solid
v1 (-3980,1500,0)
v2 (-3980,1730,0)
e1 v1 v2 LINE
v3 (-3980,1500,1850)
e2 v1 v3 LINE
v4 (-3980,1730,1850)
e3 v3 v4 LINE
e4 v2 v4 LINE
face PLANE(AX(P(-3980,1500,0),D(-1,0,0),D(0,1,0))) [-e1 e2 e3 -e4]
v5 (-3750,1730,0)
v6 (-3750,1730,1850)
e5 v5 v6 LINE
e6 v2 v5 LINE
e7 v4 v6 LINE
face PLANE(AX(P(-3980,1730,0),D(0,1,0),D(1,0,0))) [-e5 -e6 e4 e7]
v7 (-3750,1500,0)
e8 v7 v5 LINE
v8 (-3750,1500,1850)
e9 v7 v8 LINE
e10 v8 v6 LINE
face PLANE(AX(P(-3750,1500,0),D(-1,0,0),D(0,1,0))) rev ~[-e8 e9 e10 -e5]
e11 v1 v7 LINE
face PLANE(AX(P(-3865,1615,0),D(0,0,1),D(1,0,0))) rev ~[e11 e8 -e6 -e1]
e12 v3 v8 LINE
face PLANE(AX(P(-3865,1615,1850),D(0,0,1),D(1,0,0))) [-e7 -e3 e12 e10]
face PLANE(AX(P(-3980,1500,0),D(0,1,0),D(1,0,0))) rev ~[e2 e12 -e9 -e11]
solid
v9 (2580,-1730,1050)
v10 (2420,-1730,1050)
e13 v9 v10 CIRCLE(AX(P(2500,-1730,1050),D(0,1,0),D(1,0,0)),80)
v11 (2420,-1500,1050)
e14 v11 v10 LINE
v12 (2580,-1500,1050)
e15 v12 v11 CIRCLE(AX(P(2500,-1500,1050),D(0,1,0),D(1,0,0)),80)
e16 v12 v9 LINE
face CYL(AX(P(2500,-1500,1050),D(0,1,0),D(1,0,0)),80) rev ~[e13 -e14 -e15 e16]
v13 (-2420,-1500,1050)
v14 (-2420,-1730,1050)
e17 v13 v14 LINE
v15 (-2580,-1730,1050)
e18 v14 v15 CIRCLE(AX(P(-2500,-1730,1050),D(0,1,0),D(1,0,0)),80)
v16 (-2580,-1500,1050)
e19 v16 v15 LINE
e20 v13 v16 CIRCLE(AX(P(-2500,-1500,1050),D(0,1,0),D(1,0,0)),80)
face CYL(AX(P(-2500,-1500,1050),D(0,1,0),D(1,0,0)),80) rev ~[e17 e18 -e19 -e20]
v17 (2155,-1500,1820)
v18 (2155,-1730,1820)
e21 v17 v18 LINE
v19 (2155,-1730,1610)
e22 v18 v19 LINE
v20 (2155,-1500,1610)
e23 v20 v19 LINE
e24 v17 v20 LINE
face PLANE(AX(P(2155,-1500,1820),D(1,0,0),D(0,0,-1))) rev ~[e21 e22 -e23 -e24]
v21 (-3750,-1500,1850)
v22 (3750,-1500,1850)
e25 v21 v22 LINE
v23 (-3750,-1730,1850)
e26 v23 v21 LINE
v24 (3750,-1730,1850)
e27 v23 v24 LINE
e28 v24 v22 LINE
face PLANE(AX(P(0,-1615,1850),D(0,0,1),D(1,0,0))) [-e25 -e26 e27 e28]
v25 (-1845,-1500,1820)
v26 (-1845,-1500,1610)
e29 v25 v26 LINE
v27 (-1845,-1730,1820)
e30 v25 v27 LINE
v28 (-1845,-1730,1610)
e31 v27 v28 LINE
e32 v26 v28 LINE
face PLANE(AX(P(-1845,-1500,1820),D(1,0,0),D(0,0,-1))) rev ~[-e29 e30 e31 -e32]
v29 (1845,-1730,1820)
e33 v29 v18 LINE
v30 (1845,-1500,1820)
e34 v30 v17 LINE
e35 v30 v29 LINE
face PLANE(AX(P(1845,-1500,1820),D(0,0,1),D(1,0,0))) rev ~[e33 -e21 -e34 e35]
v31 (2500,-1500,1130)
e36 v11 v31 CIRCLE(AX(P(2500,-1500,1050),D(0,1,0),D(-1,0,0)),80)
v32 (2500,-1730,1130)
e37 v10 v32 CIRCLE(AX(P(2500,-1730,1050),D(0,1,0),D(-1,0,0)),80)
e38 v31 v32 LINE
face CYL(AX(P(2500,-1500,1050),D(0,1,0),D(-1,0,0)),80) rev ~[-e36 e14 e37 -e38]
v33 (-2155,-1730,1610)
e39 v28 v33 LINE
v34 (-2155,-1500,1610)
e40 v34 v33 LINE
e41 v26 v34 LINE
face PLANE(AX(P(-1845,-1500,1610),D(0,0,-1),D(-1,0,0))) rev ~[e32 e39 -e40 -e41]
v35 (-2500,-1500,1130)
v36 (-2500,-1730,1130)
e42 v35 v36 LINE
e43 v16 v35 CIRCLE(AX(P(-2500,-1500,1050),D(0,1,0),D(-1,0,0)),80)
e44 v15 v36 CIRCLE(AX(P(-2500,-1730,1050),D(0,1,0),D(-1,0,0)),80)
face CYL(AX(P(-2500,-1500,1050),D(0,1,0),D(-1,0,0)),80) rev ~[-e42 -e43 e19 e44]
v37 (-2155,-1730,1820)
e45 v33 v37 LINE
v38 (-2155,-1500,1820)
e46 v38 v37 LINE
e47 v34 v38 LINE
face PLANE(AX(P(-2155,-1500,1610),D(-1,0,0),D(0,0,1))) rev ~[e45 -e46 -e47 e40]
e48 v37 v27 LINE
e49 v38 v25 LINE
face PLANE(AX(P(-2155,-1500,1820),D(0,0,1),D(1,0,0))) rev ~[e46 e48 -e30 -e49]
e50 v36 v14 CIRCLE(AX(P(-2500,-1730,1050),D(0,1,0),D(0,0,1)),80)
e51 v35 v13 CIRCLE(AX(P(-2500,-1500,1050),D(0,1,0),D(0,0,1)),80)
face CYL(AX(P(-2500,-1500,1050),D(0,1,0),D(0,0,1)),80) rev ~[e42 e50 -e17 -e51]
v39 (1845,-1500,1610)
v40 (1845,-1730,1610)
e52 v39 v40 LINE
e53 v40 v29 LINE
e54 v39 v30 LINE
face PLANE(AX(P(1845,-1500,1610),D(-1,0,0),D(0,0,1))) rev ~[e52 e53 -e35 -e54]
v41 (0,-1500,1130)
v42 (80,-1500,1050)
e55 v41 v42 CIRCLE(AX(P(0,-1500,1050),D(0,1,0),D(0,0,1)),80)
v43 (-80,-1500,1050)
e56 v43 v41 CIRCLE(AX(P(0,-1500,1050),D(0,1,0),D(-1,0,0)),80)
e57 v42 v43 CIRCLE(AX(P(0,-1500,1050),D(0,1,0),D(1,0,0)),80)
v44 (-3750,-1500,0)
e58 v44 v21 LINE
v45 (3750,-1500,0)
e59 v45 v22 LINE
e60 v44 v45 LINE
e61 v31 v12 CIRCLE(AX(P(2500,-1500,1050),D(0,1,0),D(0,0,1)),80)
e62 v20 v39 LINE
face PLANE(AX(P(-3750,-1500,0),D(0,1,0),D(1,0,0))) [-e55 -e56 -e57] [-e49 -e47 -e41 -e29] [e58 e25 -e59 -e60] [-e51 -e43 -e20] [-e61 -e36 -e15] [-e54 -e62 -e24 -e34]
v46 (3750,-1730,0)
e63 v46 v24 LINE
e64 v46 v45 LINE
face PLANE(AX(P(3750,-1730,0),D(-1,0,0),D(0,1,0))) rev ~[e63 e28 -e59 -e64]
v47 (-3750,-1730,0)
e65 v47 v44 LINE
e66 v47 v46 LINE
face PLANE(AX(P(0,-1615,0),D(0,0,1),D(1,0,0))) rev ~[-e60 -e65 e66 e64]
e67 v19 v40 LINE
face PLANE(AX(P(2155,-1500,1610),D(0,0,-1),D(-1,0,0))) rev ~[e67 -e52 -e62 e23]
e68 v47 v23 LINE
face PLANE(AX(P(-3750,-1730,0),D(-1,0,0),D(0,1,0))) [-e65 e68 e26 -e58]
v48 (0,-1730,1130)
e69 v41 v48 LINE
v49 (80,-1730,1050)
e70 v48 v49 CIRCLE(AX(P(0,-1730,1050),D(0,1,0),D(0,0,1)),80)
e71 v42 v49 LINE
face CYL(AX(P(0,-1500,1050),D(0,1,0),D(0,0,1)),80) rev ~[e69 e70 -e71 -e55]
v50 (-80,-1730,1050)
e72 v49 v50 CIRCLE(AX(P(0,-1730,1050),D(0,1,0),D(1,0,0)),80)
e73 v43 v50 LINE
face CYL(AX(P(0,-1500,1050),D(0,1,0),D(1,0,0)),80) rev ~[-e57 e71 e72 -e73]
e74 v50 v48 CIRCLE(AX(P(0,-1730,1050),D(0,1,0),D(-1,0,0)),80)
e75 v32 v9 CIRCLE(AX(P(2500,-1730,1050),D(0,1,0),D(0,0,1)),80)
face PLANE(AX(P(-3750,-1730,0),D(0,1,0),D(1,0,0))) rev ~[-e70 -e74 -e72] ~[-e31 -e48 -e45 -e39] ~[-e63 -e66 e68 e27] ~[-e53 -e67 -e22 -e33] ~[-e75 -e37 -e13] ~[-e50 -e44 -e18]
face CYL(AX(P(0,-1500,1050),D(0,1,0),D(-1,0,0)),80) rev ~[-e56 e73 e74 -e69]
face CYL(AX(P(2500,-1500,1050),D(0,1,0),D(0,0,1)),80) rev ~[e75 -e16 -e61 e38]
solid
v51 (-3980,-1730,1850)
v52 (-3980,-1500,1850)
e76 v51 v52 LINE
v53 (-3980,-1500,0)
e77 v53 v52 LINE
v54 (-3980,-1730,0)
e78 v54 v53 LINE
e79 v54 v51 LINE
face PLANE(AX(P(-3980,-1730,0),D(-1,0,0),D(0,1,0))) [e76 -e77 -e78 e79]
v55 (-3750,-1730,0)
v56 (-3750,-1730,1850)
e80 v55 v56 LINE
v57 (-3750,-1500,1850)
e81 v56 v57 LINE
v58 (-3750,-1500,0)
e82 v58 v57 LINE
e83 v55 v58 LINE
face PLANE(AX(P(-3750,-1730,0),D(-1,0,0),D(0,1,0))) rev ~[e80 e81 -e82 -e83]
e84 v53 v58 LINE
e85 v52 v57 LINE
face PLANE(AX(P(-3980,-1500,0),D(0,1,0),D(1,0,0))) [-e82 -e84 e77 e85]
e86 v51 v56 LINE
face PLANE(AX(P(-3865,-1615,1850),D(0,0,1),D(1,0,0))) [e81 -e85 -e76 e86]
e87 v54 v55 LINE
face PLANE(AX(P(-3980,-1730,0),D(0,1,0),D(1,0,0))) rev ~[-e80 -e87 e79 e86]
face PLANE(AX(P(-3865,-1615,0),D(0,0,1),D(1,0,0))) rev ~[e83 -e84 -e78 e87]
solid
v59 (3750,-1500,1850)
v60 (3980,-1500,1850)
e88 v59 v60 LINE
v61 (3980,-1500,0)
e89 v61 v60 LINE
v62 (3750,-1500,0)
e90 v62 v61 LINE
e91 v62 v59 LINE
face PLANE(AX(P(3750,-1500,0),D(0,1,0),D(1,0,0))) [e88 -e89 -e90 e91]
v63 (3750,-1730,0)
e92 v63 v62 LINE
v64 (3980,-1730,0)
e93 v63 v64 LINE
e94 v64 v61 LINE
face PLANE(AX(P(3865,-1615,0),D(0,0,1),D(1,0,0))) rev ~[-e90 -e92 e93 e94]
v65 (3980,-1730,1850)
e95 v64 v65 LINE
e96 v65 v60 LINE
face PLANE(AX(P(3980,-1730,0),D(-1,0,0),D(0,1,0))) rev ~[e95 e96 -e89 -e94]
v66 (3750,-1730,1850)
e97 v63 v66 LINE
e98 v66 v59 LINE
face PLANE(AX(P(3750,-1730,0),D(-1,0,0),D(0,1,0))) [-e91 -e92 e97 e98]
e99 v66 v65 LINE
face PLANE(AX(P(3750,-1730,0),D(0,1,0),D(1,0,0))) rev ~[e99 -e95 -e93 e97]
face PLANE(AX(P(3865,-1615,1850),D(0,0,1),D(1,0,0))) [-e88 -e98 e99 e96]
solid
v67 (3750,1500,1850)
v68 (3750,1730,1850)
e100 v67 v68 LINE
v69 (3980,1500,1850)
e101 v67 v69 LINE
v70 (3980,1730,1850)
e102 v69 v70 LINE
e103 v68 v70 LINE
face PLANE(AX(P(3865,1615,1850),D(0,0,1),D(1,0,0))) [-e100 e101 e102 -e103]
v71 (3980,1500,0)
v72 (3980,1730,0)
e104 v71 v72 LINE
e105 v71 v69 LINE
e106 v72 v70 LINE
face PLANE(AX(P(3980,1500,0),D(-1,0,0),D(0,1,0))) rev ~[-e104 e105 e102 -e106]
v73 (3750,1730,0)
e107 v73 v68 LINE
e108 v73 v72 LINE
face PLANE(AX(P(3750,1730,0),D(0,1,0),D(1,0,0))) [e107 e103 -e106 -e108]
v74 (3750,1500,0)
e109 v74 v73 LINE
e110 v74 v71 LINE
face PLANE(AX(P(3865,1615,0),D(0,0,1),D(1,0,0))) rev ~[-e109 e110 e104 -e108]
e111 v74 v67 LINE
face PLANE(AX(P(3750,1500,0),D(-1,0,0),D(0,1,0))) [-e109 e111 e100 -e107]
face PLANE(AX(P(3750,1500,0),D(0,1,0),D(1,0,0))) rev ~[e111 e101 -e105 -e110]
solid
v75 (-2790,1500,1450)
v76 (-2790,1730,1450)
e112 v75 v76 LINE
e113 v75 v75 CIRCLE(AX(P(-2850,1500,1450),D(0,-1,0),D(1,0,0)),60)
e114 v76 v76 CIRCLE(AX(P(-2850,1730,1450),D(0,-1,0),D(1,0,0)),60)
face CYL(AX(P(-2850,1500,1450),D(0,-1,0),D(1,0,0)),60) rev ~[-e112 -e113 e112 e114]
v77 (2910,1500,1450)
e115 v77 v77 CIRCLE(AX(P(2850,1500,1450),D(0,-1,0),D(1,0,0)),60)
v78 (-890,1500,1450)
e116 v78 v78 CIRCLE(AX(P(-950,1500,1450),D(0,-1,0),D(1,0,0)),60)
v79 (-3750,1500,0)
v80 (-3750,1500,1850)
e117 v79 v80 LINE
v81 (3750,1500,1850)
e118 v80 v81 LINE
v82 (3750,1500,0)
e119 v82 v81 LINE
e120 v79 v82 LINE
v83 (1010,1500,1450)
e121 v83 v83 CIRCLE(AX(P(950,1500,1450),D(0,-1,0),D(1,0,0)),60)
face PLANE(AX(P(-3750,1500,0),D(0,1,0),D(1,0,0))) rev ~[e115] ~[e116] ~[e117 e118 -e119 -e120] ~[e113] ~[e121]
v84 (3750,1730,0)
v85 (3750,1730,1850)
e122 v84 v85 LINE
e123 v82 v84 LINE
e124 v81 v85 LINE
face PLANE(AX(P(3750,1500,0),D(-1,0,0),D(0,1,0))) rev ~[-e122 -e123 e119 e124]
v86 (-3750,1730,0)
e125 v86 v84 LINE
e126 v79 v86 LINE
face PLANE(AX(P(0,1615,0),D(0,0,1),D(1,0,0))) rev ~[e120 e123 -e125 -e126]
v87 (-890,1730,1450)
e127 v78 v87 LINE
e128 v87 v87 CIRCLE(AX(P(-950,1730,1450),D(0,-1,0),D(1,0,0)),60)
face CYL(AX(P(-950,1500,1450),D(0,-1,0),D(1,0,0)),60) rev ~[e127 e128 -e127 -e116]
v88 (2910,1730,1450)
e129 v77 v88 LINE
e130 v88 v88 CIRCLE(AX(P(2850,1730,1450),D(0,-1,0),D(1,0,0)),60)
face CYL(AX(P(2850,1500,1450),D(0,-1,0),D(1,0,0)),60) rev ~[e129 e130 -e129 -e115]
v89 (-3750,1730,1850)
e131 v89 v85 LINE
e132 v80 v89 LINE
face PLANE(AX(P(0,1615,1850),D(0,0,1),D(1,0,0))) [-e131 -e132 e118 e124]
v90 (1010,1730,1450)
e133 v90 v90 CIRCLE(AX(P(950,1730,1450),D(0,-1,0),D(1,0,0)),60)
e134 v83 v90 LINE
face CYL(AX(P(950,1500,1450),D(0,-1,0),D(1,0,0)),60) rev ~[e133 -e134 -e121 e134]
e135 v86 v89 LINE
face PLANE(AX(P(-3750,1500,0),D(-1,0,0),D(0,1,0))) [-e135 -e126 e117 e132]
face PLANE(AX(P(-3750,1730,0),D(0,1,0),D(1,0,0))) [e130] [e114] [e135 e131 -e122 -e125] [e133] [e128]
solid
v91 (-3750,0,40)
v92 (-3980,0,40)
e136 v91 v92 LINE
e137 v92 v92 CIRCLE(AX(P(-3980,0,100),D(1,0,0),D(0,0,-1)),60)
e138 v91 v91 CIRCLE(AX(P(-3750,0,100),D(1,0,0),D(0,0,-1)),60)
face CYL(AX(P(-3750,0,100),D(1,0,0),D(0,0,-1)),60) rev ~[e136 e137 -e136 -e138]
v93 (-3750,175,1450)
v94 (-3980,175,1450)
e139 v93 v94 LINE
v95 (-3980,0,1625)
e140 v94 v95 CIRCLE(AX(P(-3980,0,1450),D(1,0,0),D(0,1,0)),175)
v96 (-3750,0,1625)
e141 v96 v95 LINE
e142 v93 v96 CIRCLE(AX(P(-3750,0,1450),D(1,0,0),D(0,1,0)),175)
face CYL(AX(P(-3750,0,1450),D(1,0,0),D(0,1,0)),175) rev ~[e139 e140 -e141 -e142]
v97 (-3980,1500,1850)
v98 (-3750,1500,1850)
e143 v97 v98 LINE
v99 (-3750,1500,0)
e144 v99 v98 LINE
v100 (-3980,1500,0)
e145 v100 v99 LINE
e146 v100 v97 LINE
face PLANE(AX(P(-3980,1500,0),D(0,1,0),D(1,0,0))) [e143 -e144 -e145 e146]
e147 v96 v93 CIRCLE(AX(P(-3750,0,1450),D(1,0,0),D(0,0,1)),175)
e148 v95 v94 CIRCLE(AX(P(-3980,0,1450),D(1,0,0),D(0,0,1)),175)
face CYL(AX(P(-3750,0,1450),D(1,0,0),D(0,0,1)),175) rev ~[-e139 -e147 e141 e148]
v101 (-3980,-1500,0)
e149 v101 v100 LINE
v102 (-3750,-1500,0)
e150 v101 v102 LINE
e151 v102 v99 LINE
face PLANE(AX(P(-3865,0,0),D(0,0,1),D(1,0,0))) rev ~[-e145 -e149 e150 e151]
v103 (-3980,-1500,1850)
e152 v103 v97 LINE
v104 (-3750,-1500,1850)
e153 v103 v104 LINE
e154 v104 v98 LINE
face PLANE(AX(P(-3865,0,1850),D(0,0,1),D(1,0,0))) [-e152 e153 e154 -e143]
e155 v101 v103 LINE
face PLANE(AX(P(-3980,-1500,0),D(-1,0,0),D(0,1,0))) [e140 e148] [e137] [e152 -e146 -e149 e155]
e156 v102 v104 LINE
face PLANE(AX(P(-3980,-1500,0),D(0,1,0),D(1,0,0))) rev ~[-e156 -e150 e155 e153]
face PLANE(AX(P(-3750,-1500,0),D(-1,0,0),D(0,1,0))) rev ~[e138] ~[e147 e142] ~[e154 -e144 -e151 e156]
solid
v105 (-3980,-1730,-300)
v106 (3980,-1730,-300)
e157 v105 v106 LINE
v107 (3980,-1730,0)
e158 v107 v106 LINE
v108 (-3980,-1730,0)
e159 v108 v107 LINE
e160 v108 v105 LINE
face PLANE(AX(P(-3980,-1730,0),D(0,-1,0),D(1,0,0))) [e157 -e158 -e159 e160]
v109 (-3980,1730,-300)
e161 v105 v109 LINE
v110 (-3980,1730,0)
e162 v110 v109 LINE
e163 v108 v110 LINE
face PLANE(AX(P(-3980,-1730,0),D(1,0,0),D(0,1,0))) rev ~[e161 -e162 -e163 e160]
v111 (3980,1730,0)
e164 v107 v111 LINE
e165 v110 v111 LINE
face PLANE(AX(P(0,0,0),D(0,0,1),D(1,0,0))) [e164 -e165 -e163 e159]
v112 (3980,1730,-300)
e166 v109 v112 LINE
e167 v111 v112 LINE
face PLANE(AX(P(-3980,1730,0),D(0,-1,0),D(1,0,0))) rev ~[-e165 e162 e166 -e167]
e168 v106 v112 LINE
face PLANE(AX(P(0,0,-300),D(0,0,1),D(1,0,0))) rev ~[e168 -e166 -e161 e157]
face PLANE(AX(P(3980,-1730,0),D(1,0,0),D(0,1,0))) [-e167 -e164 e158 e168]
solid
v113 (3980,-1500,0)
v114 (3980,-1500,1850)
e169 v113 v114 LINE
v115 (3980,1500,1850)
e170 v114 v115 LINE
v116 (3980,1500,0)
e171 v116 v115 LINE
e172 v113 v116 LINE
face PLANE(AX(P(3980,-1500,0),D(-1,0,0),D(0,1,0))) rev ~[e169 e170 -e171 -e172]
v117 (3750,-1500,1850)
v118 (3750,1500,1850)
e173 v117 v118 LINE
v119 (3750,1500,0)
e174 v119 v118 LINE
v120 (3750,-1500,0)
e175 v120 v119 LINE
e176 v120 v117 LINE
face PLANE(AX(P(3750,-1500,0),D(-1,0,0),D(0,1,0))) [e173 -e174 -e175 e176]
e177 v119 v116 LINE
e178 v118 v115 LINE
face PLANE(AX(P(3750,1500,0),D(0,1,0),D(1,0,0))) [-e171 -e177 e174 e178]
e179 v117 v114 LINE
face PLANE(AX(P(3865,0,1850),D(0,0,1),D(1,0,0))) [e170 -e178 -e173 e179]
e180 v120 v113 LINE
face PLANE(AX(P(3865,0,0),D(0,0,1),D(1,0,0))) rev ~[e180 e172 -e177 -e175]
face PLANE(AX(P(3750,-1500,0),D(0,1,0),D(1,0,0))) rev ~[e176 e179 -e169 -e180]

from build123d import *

# Parameters (mm, degrees)
F0_W      = 7960
F0_H      = 3460
F1_DEPTH  = 300
F2_W      = 230
F2_H      = 3000
F3_DEPTH  = 1850
F2_W_2    = 7500
F2_H_2    = 230
F4_DEPTH  = 1850
F6_DEPTH  = 230
F8_DEPTH  = 230
F7_W      = 155
F7_H      = 105
F9_DEPTH  = 230
F11_DEPTH = 230


with BuildPart() as f1:
    # F0 (on Top) → F1 (new body)
    with BuildSketch(Plane.XY):
        Rectangle(F0_W, F0_H)
    extrude(amount=-F1_DEPTH)


with BuildPart() as f3:
    # F2 (on face) → F3 (new body)
    with BuildSketch(Plane.XY):
        with Locations((-3865, 0)):
            Rectangle(F2_W, F2_H)
    extrude(amount=F3_DEPTH)

    # F10 (on face) → F11 (cut)
    with BuildSketch(Plane.YZ.offset(-3750)):
        with BuildLine():
            Line((0, 100), (60, 100))
            ThreePointArc((60, 100), (-42.4264068712, 142.4264068712), (0, 40))
            Line((0, 40), (0, 100))
        make_face()
        with BuildLine():
            ThreePointArc((0, 40), (42.4264068712, 57.5735931288), (60, 100))
            Line((60, 100), (0, 100))
            Line((0, 100), (0, 40))
        make_face()
        with BuildLine():
            Line((0, 1450), (0, 1625))
            ThreePointArc((0, 1625), (-123.7436867076, 1326.2563132924), (175, 1450))
            Line((175, 1450), (0, 1450))
        make_face()
        with BuildLine():
            ThreePointArc((175, 1450), (123.7436867076, 1573.7436867076), (0, 1625))
            Line((0, 1625), (0, 1450))
            Line((0, 1450), (175, 1450))
        make_face()
    extrude(amount=-F11_DEPTH, mode=Mode.SUBTRACT)


with BuildPart() as f3b:
    # F2 (on face) → F3, piece 2 (new body)
    with BuildSketch(Plane.XY):
        with Locations((3865, 0)):
            Rectangle(F2_W, F2_H)
    extrude(amount=F3_DEPTH)


with BuildPart() as f3c:
    # F2 (on face) → F3, piece 3 (new body)
    with BuildSketch(Plane.XY):
        with Locations((0, 1615)):
            Rectangle(F2_W_2, F2_H_2)
    extrude(amount=F3_DEPTH)

    # F5 (on face) → F6 (cut)
    with BuildSketch(Plane.XZ.offset(-1500)):
        with BuildLine():
            Line((-2850, 1450), (-2910, 1450))
            ThreePointArc((-2910, 1450), (-2850, 1390), (-2790, 1450))
            Line((-2790, 1450), (-2850, 1450))
        make_face()
        with BuildLine():
            Line((-2850, 1450), (-2850, 1510))
            ThreePointArc((-2850, 1510), (-2892.4264068712, 1492.4264068712), (-2910, 1450))
            Line((-2910, 1450), (-2850, 1450))
        make_face()
        with BuildLine():
            ThreePointArc((-2790, 1450), (-2807.5735931288, 1492.4264068712), (-2850, 1510))
            Line((-2850, 1510), (-2850, 1450))
            Line((-2850, 1450), (-2790, 1450))
        make_face()
        with BuildLine():
            Line((-950, 1450), (-1010, 1450))
            ThreePointArc((-1010, 1450), (-950, 1390), (-890, 1450))
            Line((-890, 1450), (-950, 1450))
        make_face()
        with BuildLine():
            Line((-950, 1450), (-950, 1510))
            ThreePointArc((-950, 1510), (-992.4264068712, 1492.4264068712), (-1010, 1450))
            Line((-1010, 1450), (-950, 1450))
        make_face()
        with BuildLine():
            ThreePointArc((-890, 1450), (-907.5735931288, 1492.4264068712), (-950, 1510))
            Line((-950, 1510), (-950, 1450))
            Line((-950, 1450), (-890, 1450))
        make_face()
        with BuildLine():
            Line((950, 1450), (890, 1450))
            ThreePointArc((890, 1450), (950, 1390), (1010, 1450))
            Line((1010, 1450), (950, 1450))
        make_face()
        with BuildLine():
            Line((950, 1450), (950, 1510))
            ThreePointArc((950, 1510), (907.5735931288, 1492.4264068712), (890, 1450))
            Line((890, 1450), (950, 1450))
        make_face()
        with BuildLine():
            ThreePointArc((1010, 1450), (992.4264068712, 1492.4264068712), (950, 1510))
            Line((950, 1510), (950, 1450))
            Line((950, 1450), (1010, 1450))
        make_face()
        with BuildLine():
            ThreePointArc((2790, 1450), (2850, 1390), (2910, 1450))
            Line((2910, 1450), (2850, 1450))
            Line((2850, 1450), (2790, 1450))
        make_face()
        with BuildLine():
            Line((2850, 1450), (2850, 1510))
            ThreePointArc((2850, 1510), (2807.5735931288, 1492.4264068712), (2790, 1450))
            Line((2790, 1450), (2850, 1450))
        make_face()
        with BuildLine():
            ThreePointArc((2910, 1450), (2892.4264068712, 1492.4264068712), (2850, 1510))
            Line((2850, 1510), (2850, 1450))
            Line((2850, 1450), (2910, 1450))
        make_face()
    extrude(amount=-F6_DEPTH, mode=Mode.SUBTRACT)


with BuildPart() as f3d:
    # F2 (on face) → F3, piece 4 (new body)
    with BuildSketch(Plane.XY):
        with Locations((0, -1615)):
            Rectangle(F2_W_2, F2_H_2)
    extrude(amount=F3_DEPTH)

    # F7 (on face) → F8 (cut)
    with BuildSketch(Plane(origin=(0, -1500, 0), x_dir=(-1, 0, 0), z_dir=(0, 1, 0))):
        with BuildLine():
            Line((-2500, 1050), (-2500, 1130))
            ThreePointArc((-2500, 1130), (-2556.5685424949, 1106.5685424949), (-2580, 1050))
            Line((-2580, 1050), (-2500, 1050))
        make_face()
        with BuildLine():
            ThreePointArc((-2420, 1050), (-2443.4314575051, 1106.5685424949), (-2500, 1130))
            Line((-2500, 1130), (-2500, 1050))
            Line((-2500, 1050), (-2420, 1050))
        make_face()
        with BuildLine():
            Line((-2500, 1050), (-2580, 1050))
            ThreePointArc((-2580, 1050), (-2500, 970), (-2420, 1050))
            Line((-2420, 1050), (-2500, 1050))
        make_face()
        with BuildLine():
            Line((0, 1050), (0, 1130))
            ThreePointArc((0, 1130), (-56.5685424949, 1106.5685424949), (-80, 1050))
            Line((-80, 1050), (0, 1050))
        make_face()
        with BuildLine():
            Line((0, 1050), (-80, 1050))
            ThreePointArc((-80, 1050), (0, 970), (80, 1050))
            Line((80, 1050), (0, 1050))
        make_face()
        with BuildLine():
            ThreePointArc((80, 1050), (56.5685424949, 1106.5685424949), (0, 1130))
            Line((0, 1130), (0, 1050))
            Line((0, 1050), (80, 1050))
        make_face()
        with BuildLine():
            Line((2500, 1050), (2420, 1050))
            ThreePointArc((2420, 1050), (2500, 970), (2580, 1050))
            Line((2580, 1050), (2500, 1050))
        make_face()
        with BuildLine():
            ThreePointArc((2500, 1130), (2443.4314575051, 1106.5685424949), (2420, 1050))
            Line((2420, 1050), (2500, 1050))
            Line((2500, 1050), (2500, 1130))
        make_face()
        with BuildLine():
            Line((2500, 1050), (2580, 1050))
            ThreePointArc((2580, 1050), (2556.5685424949, 1106.5685424949), (2500, 1130))
            Line((2500, 1130), (2500, 1050))
        make_face()
    extrude(amount=-F8_DEPTH, mode=Mode.SUBTRACT)

    # F7 (on face) → F9 (cut)
    with BuildSketch(Plane(origin=(0, -1500, 0), x_dir=(-1, 0, 0), z_dir=(0, 1, 0))):
        Polygon((2000, 1715), (2000, 1820), (1845, 1820), (1845, 1610), (2155, 1610), (2155, 1715), align=None)
        with Locations((2077.5, 1767.5)):
            Rectangle(F7_W, F7_H)
        Polygon((-2000, 1715), (-2155, 1715), (-2155, 1610), (-1845, 1610), (-1845, 1820), (-2000, 1820), align=None)
        with Locations((-2077.5, 1767.5)):
            Rectangle(F7_W, F7_H)
    extrude(amount=-F9_DEPTH, mode=Mode.SUBTRACT)


with BuildPart() as f4:
    # F2 (on face) → F4 (new body)
    with BuildSketch(Plane.XY):
        with Locations((-3865, -1615)):
            Rectangle(F2_W, F2_H_2)
    extrude(amount=F4_DEPTH)


with BuildPart() as f4b:
    # F2 (on face) → F4, piece 2 (new body)
    with BuildSketch(Plane.XY):
        with Locations((-3865, 1615)):
            Rectangle(F2_W, F2_H_2)
    extrude(amount=F4_DEPTH)


with BuildPart() as f4c:
    # F2 (on face) → F4, piece 3 (new body)
    with BuildSketch(Plane.XY):
        with Locations((3865, 1615)):
            Rectangle(F2_W, F2_H_2)
    extrude(amount=F4_DEPTH)


with BuildPart() as f4d:
    # F2 (on face) → F4, piece 4 (new body)
    with BuildSketch(Plane.XY):
        with Locations((3865, -1615)):
            Rectangle(F2_W, F2_H_2)
    extrude(amount=F4_DEPTH)


solid = Compound([f1.part, f3.part, f3b.part, f3c.part, f3d.part, f4.part, f4b.part, f4c.part, f4d.part])
